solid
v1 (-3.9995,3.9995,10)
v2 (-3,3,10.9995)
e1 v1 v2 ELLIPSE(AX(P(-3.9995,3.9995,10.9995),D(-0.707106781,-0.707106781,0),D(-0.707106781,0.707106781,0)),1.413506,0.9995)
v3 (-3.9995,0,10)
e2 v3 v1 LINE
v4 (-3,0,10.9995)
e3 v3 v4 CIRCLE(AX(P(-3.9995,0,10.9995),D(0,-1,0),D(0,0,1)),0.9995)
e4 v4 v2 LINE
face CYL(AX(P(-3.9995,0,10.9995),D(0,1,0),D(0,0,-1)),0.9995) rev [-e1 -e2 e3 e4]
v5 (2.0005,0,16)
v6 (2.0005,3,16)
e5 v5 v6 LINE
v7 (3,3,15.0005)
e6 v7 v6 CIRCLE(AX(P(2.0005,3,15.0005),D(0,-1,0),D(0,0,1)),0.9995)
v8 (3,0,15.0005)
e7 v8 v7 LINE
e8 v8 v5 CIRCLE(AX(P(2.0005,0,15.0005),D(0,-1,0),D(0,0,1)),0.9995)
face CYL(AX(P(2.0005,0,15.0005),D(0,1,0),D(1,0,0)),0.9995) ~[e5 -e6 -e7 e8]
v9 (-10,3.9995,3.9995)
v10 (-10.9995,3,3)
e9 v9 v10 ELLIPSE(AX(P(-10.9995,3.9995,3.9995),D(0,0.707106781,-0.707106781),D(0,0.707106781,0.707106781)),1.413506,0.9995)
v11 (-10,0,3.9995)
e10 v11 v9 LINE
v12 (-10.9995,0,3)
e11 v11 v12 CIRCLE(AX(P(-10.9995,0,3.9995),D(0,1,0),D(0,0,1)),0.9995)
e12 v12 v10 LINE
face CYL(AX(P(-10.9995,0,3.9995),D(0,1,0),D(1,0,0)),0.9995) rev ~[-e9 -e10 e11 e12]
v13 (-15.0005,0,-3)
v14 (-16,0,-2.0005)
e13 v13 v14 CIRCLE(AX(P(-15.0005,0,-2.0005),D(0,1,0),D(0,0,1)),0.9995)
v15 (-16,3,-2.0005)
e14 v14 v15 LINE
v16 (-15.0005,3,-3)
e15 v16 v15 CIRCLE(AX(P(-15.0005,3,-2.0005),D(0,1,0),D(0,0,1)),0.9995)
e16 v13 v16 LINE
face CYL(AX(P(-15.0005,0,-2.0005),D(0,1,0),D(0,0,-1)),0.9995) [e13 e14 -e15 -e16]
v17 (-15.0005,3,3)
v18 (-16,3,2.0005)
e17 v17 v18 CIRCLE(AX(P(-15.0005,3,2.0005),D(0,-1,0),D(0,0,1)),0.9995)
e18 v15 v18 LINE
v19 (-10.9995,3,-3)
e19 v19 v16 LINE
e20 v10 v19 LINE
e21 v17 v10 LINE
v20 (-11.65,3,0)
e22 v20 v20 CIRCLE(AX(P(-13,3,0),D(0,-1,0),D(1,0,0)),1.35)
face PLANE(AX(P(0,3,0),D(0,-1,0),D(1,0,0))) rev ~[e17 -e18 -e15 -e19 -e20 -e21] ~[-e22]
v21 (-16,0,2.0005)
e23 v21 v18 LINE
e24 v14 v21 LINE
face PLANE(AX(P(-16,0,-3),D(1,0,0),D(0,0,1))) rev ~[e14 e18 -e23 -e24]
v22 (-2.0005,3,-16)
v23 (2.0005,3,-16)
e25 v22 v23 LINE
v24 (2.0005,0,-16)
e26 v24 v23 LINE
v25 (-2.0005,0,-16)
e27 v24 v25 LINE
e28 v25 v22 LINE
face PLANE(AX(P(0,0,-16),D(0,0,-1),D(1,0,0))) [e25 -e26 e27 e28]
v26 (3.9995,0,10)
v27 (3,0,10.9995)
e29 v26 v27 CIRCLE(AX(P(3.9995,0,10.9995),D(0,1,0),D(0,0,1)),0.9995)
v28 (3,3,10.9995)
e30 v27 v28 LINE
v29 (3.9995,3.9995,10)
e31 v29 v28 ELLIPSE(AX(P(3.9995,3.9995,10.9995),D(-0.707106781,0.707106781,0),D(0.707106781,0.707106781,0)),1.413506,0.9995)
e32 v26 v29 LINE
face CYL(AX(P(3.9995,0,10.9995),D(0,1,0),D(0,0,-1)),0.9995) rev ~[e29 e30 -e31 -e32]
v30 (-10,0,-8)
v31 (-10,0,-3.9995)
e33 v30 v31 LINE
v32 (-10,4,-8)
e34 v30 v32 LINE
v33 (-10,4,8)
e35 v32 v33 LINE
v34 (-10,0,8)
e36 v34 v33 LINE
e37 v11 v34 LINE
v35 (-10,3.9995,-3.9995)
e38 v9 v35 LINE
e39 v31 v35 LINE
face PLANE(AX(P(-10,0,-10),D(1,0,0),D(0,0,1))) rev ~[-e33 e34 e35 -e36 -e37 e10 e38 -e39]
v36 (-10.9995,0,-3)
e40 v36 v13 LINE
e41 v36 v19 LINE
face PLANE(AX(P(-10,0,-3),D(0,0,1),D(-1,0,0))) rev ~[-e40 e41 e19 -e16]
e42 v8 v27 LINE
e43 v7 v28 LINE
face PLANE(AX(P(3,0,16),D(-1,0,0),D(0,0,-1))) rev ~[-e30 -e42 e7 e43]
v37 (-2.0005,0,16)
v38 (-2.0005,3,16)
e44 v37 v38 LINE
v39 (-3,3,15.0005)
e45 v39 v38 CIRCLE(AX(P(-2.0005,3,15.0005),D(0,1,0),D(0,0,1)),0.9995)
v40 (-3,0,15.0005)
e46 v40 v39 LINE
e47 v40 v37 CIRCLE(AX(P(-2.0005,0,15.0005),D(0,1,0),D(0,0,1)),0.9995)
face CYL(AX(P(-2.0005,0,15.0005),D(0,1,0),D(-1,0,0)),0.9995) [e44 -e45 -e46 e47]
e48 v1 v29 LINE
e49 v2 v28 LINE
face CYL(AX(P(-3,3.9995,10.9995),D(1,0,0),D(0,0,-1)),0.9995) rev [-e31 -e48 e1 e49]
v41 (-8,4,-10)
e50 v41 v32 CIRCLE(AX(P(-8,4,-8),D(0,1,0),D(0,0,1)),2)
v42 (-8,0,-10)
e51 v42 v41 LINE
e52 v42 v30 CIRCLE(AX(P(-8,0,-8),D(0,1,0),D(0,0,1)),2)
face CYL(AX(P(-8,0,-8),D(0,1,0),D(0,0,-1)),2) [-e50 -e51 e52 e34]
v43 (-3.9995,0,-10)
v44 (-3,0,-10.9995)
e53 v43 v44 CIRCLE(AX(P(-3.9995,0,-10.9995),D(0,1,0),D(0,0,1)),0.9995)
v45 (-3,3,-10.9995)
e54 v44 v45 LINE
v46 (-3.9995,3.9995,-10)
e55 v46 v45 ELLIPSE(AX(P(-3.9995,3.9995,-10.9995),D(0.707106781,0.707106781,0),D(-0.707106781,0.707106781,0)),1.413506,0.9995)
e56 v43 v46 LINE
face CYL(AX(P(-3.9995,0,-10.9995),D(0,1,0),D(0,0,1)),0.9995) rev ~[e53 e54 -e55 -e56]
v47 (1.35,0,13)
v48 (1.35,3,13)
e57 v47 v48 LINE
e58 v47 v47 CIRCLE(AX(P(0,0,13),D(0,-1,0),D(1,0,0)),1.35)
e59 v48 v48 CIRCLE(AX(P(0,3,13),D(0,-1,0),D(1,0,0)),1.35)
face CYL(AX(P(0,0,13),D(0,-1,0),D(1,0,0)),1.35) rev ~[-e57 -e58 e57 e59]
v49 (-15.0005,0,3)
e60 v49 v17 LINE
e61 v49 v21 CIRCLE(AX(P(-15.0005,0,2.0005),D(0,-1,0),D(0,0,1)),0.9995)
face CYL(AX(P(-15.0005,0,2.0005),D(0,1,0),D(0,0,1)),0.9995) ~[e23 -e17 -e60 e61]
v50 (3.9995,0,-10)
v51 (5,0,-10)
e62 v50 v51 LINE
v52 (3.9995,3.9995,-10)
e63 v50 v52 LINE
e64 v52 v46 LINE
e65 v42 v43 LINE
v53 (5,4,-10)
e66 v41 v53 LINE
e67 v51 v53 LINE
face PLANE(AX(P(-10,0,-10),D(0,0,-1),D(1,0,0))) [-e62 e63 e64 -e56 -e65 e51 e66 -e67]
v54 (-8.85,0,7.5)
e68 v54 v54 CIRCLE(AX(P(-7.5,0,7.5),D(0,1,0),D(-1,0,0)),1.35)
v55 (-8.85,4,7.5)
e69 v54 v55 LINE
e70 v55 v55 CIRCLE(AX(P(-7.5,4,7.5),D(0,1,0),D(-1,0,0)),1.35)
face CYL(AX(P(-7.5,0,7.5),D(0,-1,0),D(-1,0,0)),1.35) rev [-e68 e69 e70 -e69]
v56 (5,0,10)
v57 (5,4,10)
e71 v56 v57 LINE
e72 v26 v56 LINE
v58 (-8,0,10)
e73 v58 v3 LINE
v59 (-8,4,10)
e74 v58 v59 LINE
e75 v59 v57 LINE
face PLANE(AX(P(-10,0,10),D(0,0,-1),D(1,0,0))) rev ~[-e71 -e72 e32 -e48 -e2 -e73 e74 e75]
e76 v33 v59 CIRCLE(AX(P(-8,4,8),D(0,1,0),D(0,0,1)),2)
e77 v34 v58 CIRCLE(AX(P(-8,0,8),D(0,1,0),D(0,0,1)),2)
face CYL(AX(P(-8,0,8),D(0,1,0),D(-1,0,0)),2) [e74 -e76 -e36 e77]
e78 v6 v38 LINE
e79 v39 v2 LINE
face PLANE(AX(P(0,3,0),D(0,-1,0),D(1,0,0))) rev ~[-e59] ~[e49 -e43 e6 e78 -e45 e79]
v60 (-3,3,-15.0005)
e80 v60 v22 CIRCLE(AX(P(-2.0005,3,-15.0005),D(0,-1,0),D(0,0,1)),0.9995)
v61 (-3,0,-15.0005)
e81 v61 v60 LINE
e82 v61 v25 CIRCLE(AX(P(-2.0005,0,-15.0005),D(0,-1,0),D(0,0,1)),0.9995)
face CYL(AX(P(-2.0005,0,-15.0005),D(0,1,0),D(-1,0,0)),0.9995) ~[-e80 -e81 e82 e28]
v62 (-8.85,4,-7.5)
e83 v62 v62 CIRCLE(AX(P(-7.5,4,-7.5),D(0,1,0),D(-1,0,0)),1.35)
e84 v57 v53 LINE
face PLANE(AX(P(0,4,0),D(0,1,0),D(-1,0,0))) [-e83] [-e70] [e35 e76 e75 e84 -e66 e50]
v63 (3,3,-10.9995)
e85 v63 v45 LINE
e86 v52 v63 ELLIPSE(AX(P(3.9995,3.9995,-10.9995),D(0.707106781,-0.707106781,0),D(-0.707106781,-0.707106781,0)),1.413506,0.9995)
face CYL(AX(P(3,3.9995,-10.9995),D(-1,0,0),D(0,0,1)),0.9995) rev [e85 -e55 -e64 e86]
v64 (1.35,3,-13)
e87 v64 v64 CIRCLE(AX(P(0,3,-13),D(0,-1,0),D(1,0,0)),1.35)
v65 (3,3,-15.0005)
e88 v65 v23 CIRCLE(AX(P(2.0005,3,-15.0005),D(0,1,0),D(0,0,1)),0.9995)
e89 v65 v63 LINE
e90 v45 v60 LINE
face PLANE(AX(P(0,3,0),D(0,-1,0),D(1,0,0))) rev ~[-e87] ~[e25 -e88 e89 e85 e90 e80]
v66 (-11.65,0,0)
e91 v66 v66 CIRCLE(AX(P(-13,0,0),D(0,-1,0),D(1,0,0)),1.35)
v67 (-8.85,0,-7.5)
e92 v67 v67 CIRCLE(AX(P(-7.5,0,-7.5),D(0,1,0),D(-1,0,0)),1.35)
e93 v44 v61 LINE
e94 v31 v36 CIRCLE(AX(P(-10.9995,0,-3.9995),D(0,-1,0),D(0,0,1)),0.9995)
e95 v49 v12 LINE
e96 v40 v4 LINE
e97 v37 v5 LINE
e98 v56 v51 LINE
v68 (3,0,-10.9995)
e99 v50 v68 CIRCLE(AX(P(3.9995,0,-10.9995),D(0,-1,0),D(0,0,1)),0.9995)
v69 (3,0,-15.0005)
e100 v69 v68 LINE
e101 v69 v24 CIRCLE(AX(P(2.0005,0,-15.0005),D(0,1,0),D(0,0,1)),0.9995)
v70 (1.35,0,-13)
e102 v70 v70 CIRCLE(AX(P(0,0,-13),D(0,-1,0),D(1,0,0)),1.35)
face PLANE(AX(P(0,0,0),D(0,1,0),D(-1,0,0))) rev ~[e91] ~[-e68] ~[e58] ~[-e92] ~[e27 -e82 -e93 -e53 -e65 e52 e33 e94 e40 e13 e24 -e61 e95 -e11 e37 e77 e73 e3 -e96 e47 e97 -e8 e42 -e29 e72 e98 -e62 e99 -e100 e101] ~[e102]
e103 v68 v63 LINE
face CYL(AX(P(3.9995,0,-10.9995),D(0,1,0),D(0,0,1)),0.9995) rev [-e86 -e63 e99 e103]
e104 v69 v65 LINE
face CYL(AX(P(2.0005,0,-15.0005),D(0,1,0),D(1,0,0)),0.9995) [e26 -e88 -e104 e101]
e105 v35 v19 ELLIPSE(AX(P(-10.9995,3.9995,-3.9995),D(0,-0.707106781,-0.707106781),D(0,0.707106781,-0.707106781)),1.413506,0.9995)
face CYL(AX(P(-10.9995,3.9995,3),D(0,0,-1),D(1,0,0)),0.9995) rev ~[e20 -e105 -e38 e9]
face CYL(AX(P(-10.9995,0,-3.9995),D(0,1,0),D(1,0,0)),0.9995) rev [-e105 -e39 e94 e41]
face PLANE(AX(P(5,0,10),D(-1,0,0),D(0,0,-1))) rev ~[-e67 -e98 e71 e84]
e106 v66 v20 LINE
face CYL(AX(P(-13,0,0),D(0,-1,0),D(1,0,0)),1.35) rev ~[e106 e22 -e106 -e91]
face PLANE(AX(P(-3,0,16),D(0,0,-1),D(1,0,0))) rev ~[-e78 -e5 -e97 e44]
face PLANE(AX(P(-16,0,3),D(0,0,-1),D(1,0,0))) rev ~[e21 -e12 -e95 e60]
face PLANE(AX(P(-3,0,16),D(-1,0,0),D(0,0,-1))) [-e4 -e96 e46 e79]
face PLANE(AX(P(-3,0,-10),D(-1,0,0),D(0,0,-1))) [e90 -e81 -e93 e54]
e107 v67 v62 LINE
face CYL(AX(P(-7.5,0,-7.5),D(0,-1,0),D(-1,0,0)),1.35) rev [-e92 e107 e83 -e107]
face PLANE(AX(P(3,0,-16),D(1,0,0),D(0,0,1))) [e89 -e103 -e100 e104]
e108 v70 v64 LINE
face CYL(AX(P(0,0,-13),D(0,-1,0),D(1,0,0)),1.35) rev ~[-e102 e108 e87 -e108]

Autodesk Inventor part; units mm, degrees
ref_plane "YZ Plane" through (0, 0, 0) normal (1, 0, 0) x (0, 1, 0)
ref_plane "XZ Plane" through (0, 0, 0) normal (0, 1, 0) x (-1, 0, 0)
ref_plane "XY Plane" through (0, 0, 0) normal (0, 0, 1) x (1, 0, 0)
sketch "Эскиз1" plane through (0, 0, 0) normal (0, 1, 0) x (-1, 0, 0)
  line L0 (10, -10) -> (10, 10)
  line L1 (10, 0) -> (-10, 0) construction
  line L2 (0, -10) -> (0, 10) construction
  line L3 (10, -10) -> (9, -10) construction
  line L4 (10, -9) -> (10, -10) construction
  circle A0 centre (7.5, -7.5) radius 1.35
  circle A1 centre (7.5, 7.5) radius 1.35
  line L5 (10, -10) -> (-5, -10)
  line L6 (10, 10) -> (-5, 10)
  line L7 (-5, 10) -> (-5, -10)
  point P0 (0, 0)
  point P1 (0, 0)
  point P2 (0, 0)
  dimension "d16" = 2.7
  dimension "d17" = 2.7
  dimension "d25" = 15
  dimension "d26" = 15
extrude "Выдавливание1" add sketch "Эскиз1" along normal blind 4 contours L5 L7 L6 L0 | A0 | A1
sketch "Эскиз2" plane through (0, 0, 0) normal (0, -1, 0) x (1, 0, 0)
  line L0 (0, -10) -> (2.5, -10) construction
  line L1 (0, -10) -> (-3, -10)
  line L2 (-3, -10) -> (-3, -16)
  line L3 (-3, -16) -> (0, -16)
  line L4 (-3, -16) -> (3, -16)
  line L5 (3, -16) -> (3, -10)
  line L6 (3, -10) -> (-3, -10)
  line L7 (-3, -10) -> (-3, -16)
  line L8 (-10, -10) -> (-10, 10) construction
  line L9 (-10, 0) -> (5, 0) construction
  line L10 (5, 10) -> (5, -10) construction
  line L11 (0, 10) -> (2.5, 10) construction
  line L12 (0, 15) -> (0, 10) construction
  line L13 (0, 10) -> (-3, 10)
  line L14 (-3, 16) -> (0, 16)
  line L15 (-3, 16) -> (3, 16)
  line L16 (3, 16) -> (3, 10)
  line L17 (3, 10) -> (-3, 10)
  line L18 (5, -10) -> (5, 10) construction
  line L19 (-3, 16) -> (-3, 10)
  line L20 (-10, 10) -> (5, 10) construction
  line L21 (-2.5, 0) -> (-10, 10) construction
  line L22 (-10, 0) -> (-16, 0) construction
  line L23 (-16, 0) -> (-16, -3) construction
  line L24 (-16, -3) -> (-10, -3) construction
  line L25 (-10, -3) -> (-10, 0) construction
  line L26 (-10, -3) -> (-16, -3)
  line L27 (-16, -3) -> (-16, 3)
  line L28 (-16, 3) -> (-10, 3)
  line L29 (-10, 3) -> (-10, -3)
  circle A0 centre (-13, 0) radius 1.35
  circle A1 centre (0, 13) radius 1.35
  circle A2 centre (0, -13) radius 1.35
  point P0 (-2.5, -10)
  dimension "d30" = 6
  dimension "d31" = 6
  dimension "d33" = 6
  dimension "d34" = 3
  dimension "d35" = 6
  dimension "d39" = 2.7
  dimension "d40" = 2.7
  dimension "d41" = 2.7
extrude "Выдавливание2" cut sketch "Эскиз1" along normal blind 4 contours A0 | A1
fillet "Сопряжение3" radius 2 2 edges at (-10, 2, 10) (-10, 2, -10)
extrude "Выдавливание4" add sketch "Эскиз2" against normal blind 3
fillet "Сопряжение6" radius 1 15 edges at (3, 1.5, 16) (3, 1.5, 10) (-3, 1.5, 16) (-3, 1.5, 10) (0, 3, 10) (-10, 1.5, 3) (-16, 1.5, 3) (-16, 1.5, -3) (-10, 1.5, -3) (-10, 3, 0) (-3, 1.5, -10) (0, 3, -10) (-3, 1.5, -16) (3, 1.5, -16) (3, 1.5, -10)
properties part number "крепление_RGB"
